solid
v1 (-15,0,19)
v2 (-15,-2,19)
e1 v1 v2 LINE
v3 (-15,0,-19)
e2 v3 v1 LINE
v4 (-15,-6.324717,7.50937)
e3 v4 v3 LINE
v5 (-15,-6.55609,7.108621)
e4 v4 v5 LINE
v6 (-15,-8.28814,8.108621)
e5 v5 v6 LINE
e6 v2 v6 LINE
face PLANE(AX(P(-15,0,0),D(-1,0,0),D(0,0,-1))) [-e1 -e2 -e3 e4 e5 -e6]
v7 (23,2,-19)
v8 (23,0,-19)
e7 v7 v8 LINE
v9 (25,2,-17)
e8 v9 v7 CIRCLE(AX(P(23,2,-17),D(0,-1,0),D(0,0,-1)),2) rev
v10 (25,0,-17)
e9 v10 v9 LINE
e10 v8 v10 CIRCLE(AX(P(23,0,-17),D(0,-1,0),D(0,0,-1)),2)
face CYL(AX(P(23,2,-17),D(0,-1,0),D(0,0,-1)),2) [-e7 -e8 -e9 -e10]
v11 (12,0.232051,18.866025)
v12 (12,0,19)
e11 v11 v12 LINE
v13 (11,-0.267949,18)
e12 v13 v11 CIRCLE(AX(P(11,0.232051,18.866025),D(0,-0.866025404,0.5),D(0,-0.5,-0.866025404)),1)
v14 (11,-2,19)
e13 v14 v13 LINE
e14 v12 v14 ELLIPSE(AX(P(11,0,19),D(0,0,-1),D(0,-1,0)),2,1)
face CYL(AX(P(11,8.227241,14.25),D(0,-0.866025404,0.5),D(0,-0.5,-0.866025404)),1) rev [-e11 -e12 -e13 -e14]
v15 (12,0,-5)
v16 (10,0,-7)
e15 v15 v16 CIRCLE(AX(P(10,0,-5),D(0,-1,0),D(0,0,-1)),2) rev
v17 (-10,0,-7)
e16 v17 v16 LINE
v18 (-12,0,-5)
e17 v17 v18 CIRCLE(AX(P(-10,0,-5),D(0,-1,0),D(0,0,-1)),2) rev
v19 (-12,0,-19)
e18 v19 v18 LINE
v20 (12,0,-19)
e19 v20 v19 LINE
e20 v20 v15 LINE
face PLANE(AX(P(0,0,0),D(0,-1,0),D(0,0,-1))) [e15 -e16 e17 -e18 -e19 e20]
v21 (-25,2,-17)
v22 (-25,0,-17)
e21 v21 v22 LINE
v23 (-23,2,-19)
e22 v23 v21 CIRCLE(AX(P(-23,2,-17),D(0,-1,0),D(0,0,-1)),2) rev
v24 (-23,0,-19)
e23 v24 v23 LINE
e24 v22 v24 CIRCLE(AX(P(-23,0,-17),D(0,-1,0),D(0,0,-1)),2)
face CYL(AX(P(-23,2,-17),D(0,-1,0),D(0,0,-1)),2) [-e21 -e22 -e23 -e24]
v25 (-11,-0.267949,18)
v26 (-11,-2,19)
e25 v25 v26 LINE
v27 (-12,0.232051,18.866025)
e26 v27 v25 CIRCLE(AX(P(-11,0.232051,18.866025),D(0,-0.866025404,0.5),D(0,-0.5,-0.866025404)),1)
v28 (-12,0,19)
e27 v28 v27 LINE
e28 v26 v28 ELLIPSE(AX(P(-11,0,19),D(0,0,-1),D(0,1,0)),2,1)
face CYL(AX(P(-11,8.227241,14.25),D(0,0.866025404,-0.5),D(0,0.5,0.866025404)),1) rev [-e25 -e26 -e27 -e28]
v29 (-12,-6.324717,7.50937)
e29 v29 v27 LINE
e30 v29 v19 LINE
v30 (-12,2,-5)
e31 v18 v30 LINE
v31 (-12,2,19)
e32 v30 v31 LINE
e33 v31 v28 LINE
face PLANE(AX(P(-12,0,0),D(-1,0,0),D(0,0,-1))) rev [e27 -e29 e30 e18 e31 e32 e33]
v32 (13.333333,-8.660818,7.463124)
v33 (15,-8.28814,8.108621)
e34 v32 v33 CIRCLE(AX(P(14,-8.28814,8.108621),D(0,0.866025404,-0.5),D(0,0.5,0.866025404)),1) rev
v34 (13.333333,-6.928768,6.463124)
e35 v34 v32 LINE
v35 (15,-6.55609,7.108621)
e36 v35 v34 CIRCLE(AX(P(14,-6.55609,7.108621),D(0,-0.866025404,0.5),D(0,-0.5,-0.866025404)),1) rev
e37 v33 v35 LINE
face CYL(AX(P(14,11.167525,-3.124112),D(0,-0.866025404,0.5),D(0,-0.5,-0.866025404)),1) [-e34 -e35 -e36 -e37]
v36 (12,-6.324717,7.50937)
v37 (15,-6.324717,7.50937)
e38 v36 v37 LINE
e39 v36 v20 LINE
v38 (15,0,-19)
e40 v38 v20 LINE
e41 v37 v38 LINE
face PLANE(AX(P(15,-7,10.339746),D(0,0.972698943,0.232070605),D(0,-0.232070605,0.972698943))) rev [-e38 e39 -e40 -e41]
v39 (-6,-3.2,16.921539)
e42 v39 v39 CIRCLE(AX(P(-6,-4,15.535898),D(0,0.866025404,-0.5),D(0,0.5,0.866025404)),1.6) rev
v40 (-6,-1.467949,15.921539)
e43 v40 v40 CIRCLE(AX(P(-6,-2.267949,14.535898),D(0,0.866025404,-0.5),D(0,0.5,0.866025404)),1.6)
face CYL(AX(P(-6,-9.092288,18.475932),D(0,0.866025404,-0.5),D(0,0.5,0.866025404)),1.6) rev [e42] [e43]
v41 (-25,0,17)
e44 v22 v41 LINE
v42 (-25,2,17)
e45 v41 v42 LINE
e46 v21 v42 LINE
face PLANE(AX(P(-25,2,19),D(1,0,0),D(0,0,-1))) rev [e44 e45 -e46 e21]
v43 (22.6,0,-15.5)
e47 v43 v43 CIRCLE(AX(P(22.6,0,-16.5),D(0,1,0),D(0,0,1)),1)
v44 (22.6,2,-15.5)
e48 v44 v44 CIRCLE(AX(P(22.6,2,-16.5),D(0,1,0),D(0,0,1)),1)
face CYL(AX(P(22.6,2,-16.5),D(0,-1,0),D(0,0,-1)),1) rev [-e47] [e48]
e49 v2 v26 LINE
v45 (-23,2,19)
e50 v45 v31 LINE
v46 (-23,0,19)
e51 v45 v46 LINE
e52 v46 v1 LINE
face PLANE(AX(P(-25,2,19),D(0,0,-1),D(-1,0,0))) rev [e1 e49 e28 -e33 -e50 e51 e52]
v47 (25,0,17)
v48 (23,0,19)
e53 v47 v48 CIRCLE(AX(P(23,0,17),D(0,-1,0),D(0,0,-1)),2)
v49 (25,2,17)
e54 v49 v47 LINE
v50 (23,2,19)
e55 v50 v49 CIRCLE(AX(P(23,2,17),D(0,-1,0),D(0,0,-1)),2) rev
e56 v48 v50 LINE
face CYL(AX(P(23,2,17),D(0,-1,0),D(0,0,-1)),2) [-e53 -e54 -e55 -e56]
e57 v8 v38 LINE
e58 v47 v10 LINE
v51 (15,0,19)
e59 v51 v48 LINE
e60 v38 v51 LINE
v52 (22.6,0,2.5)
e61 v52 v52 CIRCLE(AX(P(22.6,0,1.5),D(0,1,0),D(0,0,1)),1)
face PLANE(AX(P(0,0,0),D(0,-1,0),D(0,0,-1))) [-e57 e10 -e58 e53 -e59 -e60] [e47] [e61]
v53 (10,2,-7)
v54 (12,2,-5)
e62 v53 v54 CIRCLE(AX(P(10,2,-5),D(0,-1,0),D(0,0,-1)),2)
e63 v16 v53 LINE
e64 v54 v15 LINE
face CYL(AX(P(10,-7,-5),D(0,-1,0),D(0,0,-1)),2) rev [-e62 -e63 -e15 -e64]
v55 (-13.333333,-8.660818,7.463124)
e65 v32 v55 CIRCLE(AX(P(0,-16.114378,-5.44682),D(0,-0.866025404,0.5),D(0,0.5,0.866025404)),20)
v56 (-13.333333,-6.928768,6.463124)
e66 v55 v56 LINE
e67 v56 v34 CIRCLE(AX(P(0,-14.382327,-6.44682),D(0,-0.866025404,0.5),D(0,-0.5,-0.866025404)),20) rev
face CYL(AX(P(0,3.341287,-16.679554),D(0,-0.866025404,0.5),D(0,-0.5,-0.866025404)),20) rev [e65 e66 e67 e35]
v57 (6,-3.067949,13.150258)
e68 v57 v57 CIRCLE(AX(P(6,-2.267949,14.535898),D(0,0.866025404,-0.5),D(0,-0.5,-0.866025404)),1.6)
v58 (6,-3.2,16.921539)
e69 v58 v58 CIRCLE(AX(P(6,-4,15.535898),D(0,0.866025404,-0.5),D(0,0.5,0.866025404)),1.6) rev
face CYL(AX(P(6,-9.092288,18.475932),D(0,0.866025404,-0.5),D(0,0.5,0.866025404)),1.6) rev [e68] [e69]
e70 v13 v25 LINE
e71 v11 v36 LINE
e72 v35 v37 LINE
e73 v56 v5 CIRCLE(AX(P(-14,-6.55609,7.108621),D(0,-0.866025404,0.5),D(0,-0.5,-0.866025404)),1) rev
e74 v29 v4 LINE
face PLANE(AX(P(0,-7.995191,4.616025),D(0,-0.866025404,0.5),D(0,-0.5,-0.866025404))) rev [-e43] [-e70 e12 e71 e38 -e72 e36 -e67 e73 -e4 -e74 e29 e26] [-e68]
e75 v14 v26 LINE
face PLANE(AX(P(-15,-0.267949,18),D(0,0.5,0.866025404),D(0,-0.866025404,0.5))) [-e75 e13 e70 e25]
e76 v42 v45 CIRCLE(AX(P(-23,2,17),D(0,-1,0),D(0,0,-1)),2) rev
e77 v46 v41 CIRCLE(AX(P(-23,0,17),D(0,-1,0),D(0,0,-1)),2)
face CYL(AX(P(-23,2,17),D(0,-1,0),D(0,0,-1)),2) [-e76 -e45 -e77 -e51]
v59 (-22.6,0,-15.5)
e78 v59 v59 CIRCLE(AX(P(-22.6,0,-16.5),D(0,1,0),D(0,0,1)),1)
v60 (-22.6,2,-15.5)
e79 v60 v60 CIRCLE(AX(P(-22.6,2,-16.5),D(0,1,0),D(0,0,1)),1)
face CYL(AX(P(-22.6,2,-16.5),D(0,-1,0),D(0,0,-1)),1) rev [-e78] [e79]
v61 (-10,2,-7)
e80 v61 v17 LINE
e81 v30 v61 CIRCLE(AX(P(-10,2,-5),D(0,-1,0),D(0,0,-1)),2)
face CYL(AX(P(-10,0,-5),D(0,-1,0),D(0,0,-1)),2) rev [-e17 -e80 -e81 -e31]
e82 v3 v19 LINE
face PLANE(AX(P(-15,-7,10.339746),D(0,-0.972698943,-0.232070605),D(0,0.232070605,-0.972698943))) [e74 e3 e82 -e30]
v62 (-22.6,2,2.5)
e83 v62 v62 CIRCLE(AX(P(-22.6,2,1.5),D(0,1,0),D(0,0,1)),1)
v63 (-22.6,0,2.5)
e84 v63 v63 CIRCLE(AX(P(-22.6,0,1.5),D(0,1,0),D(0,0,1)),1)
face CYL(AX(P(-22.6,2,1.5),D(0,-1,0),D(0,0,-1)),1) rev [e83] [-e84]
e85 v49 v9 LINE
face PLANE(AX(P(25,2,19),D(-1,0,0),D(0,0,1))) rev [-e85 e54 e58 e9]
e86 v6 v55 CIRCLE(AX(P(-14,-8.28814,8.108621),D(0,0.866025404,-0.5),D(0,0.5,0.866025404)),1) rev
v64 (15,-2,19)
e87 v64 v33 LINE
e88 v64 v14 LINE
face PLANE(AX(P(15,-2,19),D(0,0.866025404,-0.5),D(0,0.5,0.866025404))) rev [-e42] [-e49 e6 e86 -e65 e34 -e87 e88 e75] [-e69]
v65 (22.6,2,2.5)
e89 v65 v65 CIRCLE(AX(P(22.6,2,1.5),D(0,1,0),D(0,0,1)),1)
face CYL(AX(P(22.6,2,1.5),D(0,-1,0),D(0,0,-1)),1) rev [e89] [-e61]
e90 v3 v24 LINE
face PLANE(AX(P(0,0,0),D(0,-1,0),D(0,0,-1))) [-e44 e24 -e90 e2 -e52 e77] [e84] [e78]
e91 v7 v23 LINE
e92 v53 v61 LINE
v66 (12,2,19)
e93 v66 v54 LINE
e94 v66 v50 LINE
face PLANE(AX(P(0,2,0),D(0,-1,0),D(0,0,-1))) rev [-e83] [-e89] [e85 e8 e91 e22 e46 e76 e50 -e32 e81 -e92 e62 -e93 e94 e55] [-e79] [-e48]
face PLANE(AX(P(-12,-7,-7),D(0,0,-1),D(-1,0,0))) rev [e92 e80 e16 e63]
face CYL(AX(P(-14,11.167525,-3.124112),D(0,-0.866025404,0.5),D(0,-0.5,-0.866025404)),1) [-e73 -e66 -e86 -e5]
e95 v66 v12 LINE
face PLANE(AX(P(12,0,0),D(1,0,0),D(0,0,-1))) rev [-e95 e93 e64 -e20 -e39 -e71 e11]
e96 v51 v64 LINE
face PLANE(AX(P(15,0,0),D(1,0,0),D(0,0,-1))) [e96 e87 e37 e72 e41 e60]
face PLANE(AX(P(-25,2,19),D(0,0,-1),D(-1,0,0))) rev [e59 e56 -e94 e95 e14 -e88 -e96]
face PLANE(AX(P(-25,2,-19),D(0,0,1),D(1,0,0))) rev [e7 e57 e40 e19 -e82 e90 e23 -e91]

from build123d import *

# Parameters (mm, degrees)
SKETCH_1_W          = 50
SKETCH_1_H          = 38
SKETCH_1_R          = 1.0000000000000018
SKETCH_1_R_2        = 1.0000000000000016
EXTRUDE_1_DEPTH     = 2
EXTRUDE_2_DEPTH     = 3
SKETCH_5_W          = 24
SKETCH_5_H          = 26
CUT_EXTRUDE_1_DEPTH = 33.66496594212216
FILLET_1_R          = 2
EXTRUDE_6_DEPTH     = 2
CUT_EXTRUDE_2_REACH = 38.993
FILLET_2_R          = 1
CUT_EXTRUDE_3_REACH = 37.814
SKETCH_8_R          = 1.6
SKETCH_8_R_2        = 1.6000000000000019


with BuildPart() as part:
    # 草图1 → 凸台-拉伸1 (new body)
    with BuildSketch(Plane(origin=(0, 0, 0), x_dir=(1, 0, 0), z_dir=(0, 1, 0))):
        Rectangle(SKETCH_1_W, SKETCH_1_H)
        with Locations(Location((-22.600000000000005, 16.500000000000004, 0), (0, 0, 270))):
            Circle(SKETCH_1_R, mode=Mode.SUBTRACT)
        with Locations(Location((-22.600000000000005, -1.4999999999999944, 0), (0, 0, 270))):
            Circle(SKETCH_1_R_2, mode=Mode.SUBTRACT)
        with Locations(Location((22.599999999999998, 16.500000000000004, 0), (0, 0, 270))):
            Circle(SKETCH_1_R, mode=Mode.SUBTRACT)
        with Locations(Location((22.599999999999998, -1.4999999999999944, 0), (0, 0, 270))):
            Circle(SKETCH_1_R_2, mode=Mode.SUBTRACT)
    extrude(amount=EXTRUDE_1_DEPTH)

    # 草图3 → 凸台-拉伸2 (add)
    with BuildSketch(Plane(origin=(12, 0, 0), x_dir=(0, 0, -1), z_dir=(1, 0, 0))):
        Polygon((-18.999999999999996, -2), (-10.339745962155614, -7.000000000000011), (19.000000000000004, 0), (-18.999999999999996, 0), align=None)
    extrude_2 = extrude(amount=EXTRUDE_2_DEPTH)

    # 镜向1: 凸台-拉伸2 across plane
    add(extrude_2.mirror(Plane(origin=(0, 0, 0), x_dir=(0, 0, 1), z_dir=(1, 0, 0))))

    # 草图5 → 切除-拉伸1 (cut, through all)
    with BuildSketch(Plane(origin=(0, 2, 0), x_dir=(1, 0, 0), z_dir=(0, 1, 0))):
        with Locations((0, -5.9999999999999964)):
            Rectangle(SKETCH_5_W, SKETCH_5_H)
    extrude(amount=-CUT_EXTRUDE_1_DEPTH, mode=Mode.SUBTRACT)

    # 圆角1
    fillet_1_edges = [part.edges().sort_by_distance(p)[0] for p in [
        (12, 1, -7.000000000000003),
        (-12, 1, -7.000000000000003),
        (25.000000000000004, 1, 18.999999999999996),
        (-24.999999999999996, 1, 18.999999999999996),
        (-24.999999999999996, 1, -19.000000000000004),
        (25.000000000000004, 1, -19.000000000000004),
    ]]
    fillet(fillet_1_edges, radius=FILLET_1_R)

    # 草图6 → 凸台-拉伸6 (add)
    with BuildSketch(Plane(origin=(0, -9.72724133595218, 5.616025403784458), x_dir=(1, 0, 0), z_dir=(0, -0.866025403784438, 0.5000000000000011))):
        Polygon((-15, 15.45448267190432), (15, 15.45448267190432), (15, -0.5455173280956814), (-14.999999999999998, -0.5455173280956814), align=None)
    extrude(amount=-EXTRUDE_6_DEPTH)

    # 草图7 → 切除-拉伸2 (cut, up to next)
    with BuildSketch(Plane(origin=(0, -9.72724133595218, 5.616025403784458), x_dir=(1, 0, 0), z_dir=(0, -0.866025403784438, 0.5000000000000011)), mode=Mode.PRIVATE) as cut_extrude_2_sk1:
        with BuildLine():
            Line((-14.999999999999998, -0.5455173280956823), (15, -0.5455173280956823))
            Line((15, -0.5455173280956823), (14.999999999999996, 0.45448267190431774))
            ThreePointArc((14.999999999999996, 0.45448267190431774), (-3.22e-15, 7.225726116581361), (-14.999999999999998, 0.454482671904316))
            Line((-14.999999999999998, 0.454482671904316), (-14.999999999999998, -0.5455173280956823))
        make_face()
    cut_extrude_2_tool1 = extrude(cut_extrude_2_sk1.sketch, amount=-CUT_EXTRUDE_2_REACH, mode=Mode.PRIVATE) & part.part
    add(cut_extrude_2_tool1.solids().sort_by_distance((0, -8.409568, 7.898302))[0], mode=Mode.SUBTRACT)

    # 圆角2
    fillet_2_edges = [part.edges().sort_by_distance(p)[0] for p in [
        (-12, -1.133974596215562, 18.499999999999996),
        (12, -1.1339745962155647, 18.499999999999993),
        (14.999999999999996, -8.63397459621558, 5.5096189432334235),
        (-15, -8.633974596215584, 5.509618943233422),
    ]]
    fillet(fillet_2_edges, radius=FILLET_2_R)

    # 草图8 → 切除-拉伸3 (cut, up to next)
    with BuildSketch(Plane(origin=(0, -7.9951905283833, 4.616025403784459), x_dir=(1, 0, 0), z_dir=(0, 0.866025403784438, -0.5000000000000012)), mode=Mode.PRIVATE) as cut_extrude_3_sk1:
        with Locations(Location((-5.999999999999998, -11.454482671904318, 0), (0, 0, 270))):
            Circle(SKETCH_8_R)
    cut_extrude_3_tool1 = extrude(cut_extrude_3_sk1.sketch, amount=-CUT_EXTRUDE_3_REACH, mode=Mode.PRIVATE) & part.part
    # 草图8 → 切除-拉伸3 (cut, up to next)
    with BuildSketch(Plane(origin=(0, -7.9951905283833, 4.616025403784459), x_dir=(1, 0, 0), z_dir=(0, 0.866025403784438, -0.5000000000000012)), mode=Mode.PRIVATE) as cut_extrude_3_sk2:
        with Locations(Location((6.000000000000002, -11.454482671904316, 0), (0, 0, 270))):
            Circle(SKETCH_8_R_2)
    cut_extrude_3_tool2 = extrude(cut_extrude_3_sk2.sketch, amount=-CUT_EXTRUDE_3_REACH, mode=Mode.PRIVATE) & part.part
    add(cut_extrude_3_tool1.solids().sort_by_distance((-6, -2.267949, 14.535898))[0], mode=Mode.SUBTRACT)
    add(cut_extrude_3_tool2.solids().sort_by_distance((6, -2.267949, 14.535898))[0], mode=Mode.SUBTRACT)


solid = part.part
